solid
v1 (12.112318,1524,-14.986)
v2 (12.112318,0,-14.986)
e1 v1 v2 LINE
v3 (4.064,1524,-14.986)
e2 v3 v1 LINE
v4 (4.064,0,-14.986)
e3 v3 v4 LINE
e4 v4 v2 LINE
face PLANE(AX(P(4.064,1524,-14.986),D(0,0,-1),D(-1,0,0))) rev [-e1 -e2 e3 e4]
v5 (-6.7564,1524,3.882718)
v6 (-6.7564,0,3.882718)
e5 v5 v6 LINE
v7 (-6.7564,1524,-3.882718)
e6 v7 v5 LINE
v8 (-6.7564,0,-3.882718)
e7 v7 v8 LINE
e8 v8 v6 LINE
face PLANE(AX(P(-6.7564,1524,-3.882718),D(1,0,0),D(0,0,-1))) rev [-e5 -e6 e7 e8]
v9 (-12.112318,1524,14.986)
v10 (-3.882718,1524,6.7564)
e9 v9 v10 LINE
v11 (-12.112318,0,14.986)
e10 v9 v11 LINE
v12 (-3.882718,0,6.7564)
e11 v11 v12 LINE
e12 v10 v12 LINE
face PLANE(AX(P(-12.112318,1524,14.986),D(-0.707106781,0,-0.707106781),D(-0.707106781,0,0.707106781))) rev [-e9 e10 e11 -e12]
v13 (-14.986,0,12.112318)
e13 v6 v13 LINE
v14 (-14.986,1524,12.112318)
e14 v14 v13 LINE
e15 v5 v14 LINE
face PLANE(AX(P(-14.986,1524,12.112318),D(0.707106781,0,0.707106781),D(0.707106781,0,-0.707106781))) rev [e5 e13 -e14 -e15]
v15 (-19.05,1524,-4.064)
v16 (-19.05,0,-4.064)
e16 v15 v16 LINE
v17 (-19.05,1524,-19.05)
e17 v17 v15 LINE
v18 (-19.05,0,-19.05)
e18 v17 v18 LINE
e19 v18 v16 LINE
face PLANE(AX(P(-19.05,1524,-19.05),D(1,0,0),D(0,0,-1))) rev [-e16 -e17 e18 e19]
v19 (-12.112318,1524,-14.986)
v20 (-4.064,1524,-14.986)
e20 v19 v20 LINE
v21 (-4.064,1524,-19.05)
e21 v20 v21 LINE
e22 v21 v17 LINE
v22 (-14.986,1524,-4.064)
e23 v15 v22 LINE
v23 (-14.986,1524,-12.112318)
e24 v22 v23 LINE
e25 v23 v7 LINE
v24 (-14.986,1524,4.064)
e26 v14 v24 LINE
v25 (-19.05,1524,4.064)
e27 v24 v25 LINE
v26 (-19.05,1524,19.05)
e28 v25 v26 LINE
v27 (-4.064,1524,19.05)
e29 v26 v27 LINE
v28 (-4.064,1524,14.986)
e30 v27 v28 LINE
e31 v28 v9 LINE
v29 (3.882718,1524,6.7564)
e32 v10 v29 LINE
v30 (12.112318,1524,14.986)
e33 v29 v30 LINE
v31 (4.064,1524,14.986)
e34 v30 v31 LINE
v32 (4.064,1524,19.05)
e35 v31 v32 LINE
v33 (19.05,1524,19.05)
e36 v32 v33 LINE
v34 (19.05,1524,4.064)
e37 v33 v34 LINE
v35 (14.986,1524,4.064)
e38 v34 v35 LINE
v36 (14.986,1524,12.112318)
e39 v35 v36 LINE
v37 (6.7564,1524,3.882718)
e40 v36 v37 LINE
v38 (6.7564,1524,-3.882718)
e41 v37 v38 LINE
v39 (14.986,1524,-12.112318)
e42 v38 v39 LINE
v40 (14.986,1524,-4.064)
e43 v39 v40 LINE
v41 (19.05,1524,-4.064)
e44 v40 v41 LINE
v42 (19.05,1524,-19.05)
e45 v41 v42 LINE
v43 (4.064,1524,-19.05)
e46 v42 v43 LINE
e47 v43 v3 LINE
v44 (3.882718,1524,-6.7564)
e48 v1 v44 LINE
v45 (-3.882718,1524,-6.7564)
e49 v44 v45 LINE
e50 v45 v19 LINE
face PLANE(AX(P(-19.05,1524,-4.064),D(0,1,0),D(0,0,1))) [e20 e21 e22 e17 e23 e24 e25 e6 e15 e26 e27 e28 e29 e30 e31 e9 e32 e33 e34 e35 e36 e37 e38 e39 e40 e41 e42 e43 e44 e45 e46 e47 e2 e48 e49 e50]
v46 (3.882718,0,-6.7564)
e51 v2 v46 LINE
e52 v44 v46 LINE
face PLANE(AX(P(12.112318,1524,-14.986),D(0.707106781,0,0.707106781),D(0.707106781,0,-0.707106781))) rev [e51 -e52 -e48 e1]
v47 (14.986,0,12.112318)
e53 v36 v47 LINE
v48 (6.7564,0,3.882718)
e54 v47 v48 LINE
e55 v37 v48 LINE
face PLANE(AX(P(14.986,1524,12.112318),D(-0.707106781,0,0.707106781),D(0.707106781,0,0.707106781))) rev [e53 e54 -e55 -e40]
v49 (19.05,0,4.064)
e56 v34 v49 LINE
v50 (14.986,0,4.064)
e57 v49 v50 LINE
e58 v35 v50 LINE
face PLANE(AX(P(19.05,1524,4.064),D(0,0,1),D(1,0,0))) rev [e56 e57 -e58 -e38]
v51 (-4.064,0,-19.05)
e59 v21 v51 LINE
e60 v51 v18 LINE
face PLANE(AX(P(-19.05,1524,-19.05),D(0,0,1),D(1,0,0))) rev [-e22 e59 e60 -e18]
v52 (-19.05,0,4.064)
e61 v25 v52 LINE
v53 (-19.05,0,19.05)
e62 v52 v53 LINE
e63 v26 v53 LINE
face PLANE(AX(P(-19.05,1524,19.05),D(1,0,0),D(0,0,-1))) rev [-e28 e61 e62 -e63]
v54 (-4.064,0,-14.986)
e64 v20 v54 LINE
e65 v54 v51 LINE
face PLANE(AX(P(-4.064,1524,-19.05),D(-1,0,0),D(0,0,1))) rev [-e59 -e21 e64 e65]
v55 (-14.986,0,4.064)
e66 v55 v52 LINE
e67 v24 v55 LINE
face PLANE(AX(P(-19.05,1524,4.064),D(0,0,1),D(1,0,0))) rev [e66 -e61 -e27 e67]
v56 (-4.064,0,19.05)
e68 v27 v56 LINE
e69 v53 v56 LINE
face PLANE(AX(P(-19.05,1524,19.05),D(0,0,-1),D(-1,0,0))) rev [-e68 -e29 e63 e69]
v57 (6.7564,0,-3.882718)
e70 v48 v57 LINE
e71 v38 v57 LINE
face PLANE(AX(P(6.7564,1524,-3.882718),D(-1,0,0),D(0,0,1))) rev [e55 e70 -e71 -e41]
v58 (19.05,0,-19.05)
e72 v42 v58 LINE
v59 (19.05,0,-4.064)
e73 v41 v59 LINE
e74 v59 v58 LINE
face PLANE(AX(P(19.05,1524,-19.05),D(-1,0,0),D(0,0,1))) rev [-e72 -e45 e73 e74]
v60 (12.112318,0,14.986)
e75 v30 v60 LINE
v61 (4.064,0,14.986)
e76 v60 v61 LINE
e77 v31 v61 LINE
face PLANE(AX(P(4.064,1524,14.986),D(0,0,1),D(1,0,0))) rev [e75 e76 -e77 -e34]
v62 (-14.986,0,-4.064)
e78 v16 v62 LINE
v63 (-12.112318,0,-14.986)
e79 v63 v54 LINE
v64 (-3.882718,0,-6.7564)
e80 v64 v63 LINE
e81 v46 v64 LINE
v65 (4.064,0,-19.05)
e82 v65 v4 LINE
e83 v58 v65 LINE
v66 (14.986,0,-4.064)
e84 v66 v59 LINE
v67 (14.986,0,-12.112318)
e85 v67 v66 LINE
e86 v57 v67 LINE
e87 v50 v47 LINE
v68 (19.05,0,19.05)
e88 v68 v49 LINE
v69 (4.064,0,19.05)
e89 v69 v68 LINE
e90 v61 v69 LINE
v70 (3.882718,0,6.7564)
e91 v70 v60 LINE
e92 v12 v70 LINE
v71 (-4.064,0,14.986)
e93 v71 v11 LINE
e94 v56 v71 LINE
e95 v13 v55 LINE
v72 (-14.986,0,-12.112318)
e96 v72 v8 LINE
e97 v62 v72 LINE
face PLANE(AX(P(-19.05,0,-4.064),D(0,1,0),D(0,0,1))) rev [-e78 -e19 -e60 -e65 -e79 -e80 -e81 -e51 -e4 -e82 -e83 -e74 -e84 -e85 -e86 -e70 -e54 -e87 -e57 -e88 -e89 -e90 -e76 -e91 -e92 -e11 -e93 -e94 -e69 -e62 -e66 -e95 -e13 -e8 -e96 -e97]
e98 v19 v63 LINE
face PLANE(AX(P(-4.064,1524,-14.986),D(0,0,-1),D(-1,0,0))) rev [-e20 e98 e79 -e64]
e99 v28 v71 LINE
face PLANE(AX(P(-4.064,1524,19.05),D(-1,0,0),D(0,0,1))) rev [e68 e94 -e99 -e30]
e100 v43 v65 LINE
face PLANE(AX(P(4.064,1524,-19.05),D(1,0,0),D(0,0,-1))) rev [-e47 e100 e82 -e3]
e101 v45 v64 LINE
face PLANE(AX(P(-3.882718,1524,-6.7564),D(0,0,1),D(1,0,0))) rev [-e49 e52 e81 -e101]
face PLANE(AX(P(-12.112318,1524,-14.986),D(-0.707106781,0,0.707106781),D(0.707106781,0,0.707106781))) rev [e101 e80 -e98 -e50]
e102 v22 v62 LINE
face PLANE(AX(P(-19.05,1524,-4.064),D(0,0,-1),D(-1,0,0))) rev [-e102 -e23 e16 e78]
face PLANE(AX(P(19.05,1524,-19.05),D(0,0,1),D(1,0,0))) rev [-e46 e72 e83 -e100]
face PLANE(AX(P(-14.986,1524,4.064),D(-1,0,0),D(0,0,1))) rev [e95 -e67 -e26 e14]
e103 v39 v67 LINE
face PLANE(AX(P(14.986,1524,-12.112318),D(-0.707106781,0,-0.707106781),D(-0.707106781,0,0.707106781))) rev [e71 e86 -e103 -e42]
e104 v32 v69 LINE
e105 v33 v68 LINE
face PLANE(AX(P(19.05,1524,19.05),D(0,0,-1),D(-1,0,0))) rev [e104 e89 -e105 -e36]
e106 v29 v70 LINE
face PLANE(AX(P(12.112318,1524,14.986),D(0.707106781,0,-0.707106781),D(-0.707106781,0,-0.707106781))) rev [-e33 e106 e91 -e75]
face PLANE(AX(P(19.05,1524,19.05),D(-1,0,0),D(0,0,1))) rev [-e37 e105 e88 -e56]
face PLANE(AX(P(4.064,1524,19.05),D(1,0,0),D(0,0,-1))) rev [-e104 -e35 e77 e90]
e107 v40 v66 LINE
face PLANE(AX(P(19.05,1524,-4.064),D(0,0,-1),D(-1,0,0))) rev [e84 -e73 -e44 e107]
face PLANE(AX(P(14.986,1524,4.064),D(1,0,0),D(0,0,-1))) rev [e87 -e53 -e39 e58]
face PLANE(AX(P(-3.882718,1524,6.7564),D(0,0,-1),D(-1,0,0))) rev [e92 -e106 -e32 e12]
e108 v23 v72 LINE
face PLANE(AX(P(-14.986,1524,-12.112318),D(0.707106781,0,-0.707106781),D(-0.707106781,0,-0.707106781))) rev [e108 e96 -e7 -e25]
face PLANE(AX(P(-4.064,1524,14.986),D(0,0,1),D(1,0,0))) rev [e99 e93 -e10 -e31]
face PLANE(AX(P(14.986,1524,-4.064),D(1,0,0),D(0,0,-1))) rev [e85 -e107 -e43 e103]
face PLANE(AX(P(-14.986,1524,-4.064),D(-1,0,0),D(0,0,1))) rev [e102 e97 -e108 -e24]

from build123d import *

# Parameters (mm, degrees)
BOSS_EXTRUDE1_DEPTH = 1524


with BuildPart() as part:
    # Sketch2 → Boss-Extrude1 (new body)
    with BuildSketch(Plane(origin=(0.594697292, 0, 0.594697292), x_dir=(1, 0, 0), z_dir=(0, 1, 0))):
        Polygon((-19.644697292, 19.644697292), (-4.658697292, 19.644697292), (-4.658697292, 15.580697292), (-12.707015333, 15.580697292), (-4.477415333, 7.351097292), (3.288020749, 7.351097292), (11.517620749, 15.580697292), (3.469302708, 15.580697292), (3.469302708, 19.644697292), (18.455302708, 19.644697292), (18.455302708, 4.658697292), (14.391302708, 4.658697292), (14.391302708, 12.707015333), (6.161702708, 4.477415333), (6.161702708, -3.288020749), (14.391302708, -11.517620749), (14.391302708, -3.469302708), (18.455302708, -3.469302708), (18.455302708, -18.455302708), (3.469302708, -18.455302708), (3.469302708, -14.391302708), (11.517620749, -14.391302708), (3.288020749, -6.161702708), (-4.477415333, -6.161702708), (-12.707015333, -14.391302708), (-4.658697292, -14.391302708), (-4.658697292, -18.455302708), (-19.644697292, -18.455302708), (-19.644697292, -3.469302708), (-15.580697292, -3.469302708), (-15.580697292, -11.517620749), (-7.351097292, -3.288020749), (-7.351097292, 4.477415333), (-15.580697292, 12.707015333), (-15.580697292, 4.658697292), (-19.644697292, 4.658697292), align=None)
    extrude(amount=BOSS_EXTRUDE1_DEPTH)


solid = part.part
